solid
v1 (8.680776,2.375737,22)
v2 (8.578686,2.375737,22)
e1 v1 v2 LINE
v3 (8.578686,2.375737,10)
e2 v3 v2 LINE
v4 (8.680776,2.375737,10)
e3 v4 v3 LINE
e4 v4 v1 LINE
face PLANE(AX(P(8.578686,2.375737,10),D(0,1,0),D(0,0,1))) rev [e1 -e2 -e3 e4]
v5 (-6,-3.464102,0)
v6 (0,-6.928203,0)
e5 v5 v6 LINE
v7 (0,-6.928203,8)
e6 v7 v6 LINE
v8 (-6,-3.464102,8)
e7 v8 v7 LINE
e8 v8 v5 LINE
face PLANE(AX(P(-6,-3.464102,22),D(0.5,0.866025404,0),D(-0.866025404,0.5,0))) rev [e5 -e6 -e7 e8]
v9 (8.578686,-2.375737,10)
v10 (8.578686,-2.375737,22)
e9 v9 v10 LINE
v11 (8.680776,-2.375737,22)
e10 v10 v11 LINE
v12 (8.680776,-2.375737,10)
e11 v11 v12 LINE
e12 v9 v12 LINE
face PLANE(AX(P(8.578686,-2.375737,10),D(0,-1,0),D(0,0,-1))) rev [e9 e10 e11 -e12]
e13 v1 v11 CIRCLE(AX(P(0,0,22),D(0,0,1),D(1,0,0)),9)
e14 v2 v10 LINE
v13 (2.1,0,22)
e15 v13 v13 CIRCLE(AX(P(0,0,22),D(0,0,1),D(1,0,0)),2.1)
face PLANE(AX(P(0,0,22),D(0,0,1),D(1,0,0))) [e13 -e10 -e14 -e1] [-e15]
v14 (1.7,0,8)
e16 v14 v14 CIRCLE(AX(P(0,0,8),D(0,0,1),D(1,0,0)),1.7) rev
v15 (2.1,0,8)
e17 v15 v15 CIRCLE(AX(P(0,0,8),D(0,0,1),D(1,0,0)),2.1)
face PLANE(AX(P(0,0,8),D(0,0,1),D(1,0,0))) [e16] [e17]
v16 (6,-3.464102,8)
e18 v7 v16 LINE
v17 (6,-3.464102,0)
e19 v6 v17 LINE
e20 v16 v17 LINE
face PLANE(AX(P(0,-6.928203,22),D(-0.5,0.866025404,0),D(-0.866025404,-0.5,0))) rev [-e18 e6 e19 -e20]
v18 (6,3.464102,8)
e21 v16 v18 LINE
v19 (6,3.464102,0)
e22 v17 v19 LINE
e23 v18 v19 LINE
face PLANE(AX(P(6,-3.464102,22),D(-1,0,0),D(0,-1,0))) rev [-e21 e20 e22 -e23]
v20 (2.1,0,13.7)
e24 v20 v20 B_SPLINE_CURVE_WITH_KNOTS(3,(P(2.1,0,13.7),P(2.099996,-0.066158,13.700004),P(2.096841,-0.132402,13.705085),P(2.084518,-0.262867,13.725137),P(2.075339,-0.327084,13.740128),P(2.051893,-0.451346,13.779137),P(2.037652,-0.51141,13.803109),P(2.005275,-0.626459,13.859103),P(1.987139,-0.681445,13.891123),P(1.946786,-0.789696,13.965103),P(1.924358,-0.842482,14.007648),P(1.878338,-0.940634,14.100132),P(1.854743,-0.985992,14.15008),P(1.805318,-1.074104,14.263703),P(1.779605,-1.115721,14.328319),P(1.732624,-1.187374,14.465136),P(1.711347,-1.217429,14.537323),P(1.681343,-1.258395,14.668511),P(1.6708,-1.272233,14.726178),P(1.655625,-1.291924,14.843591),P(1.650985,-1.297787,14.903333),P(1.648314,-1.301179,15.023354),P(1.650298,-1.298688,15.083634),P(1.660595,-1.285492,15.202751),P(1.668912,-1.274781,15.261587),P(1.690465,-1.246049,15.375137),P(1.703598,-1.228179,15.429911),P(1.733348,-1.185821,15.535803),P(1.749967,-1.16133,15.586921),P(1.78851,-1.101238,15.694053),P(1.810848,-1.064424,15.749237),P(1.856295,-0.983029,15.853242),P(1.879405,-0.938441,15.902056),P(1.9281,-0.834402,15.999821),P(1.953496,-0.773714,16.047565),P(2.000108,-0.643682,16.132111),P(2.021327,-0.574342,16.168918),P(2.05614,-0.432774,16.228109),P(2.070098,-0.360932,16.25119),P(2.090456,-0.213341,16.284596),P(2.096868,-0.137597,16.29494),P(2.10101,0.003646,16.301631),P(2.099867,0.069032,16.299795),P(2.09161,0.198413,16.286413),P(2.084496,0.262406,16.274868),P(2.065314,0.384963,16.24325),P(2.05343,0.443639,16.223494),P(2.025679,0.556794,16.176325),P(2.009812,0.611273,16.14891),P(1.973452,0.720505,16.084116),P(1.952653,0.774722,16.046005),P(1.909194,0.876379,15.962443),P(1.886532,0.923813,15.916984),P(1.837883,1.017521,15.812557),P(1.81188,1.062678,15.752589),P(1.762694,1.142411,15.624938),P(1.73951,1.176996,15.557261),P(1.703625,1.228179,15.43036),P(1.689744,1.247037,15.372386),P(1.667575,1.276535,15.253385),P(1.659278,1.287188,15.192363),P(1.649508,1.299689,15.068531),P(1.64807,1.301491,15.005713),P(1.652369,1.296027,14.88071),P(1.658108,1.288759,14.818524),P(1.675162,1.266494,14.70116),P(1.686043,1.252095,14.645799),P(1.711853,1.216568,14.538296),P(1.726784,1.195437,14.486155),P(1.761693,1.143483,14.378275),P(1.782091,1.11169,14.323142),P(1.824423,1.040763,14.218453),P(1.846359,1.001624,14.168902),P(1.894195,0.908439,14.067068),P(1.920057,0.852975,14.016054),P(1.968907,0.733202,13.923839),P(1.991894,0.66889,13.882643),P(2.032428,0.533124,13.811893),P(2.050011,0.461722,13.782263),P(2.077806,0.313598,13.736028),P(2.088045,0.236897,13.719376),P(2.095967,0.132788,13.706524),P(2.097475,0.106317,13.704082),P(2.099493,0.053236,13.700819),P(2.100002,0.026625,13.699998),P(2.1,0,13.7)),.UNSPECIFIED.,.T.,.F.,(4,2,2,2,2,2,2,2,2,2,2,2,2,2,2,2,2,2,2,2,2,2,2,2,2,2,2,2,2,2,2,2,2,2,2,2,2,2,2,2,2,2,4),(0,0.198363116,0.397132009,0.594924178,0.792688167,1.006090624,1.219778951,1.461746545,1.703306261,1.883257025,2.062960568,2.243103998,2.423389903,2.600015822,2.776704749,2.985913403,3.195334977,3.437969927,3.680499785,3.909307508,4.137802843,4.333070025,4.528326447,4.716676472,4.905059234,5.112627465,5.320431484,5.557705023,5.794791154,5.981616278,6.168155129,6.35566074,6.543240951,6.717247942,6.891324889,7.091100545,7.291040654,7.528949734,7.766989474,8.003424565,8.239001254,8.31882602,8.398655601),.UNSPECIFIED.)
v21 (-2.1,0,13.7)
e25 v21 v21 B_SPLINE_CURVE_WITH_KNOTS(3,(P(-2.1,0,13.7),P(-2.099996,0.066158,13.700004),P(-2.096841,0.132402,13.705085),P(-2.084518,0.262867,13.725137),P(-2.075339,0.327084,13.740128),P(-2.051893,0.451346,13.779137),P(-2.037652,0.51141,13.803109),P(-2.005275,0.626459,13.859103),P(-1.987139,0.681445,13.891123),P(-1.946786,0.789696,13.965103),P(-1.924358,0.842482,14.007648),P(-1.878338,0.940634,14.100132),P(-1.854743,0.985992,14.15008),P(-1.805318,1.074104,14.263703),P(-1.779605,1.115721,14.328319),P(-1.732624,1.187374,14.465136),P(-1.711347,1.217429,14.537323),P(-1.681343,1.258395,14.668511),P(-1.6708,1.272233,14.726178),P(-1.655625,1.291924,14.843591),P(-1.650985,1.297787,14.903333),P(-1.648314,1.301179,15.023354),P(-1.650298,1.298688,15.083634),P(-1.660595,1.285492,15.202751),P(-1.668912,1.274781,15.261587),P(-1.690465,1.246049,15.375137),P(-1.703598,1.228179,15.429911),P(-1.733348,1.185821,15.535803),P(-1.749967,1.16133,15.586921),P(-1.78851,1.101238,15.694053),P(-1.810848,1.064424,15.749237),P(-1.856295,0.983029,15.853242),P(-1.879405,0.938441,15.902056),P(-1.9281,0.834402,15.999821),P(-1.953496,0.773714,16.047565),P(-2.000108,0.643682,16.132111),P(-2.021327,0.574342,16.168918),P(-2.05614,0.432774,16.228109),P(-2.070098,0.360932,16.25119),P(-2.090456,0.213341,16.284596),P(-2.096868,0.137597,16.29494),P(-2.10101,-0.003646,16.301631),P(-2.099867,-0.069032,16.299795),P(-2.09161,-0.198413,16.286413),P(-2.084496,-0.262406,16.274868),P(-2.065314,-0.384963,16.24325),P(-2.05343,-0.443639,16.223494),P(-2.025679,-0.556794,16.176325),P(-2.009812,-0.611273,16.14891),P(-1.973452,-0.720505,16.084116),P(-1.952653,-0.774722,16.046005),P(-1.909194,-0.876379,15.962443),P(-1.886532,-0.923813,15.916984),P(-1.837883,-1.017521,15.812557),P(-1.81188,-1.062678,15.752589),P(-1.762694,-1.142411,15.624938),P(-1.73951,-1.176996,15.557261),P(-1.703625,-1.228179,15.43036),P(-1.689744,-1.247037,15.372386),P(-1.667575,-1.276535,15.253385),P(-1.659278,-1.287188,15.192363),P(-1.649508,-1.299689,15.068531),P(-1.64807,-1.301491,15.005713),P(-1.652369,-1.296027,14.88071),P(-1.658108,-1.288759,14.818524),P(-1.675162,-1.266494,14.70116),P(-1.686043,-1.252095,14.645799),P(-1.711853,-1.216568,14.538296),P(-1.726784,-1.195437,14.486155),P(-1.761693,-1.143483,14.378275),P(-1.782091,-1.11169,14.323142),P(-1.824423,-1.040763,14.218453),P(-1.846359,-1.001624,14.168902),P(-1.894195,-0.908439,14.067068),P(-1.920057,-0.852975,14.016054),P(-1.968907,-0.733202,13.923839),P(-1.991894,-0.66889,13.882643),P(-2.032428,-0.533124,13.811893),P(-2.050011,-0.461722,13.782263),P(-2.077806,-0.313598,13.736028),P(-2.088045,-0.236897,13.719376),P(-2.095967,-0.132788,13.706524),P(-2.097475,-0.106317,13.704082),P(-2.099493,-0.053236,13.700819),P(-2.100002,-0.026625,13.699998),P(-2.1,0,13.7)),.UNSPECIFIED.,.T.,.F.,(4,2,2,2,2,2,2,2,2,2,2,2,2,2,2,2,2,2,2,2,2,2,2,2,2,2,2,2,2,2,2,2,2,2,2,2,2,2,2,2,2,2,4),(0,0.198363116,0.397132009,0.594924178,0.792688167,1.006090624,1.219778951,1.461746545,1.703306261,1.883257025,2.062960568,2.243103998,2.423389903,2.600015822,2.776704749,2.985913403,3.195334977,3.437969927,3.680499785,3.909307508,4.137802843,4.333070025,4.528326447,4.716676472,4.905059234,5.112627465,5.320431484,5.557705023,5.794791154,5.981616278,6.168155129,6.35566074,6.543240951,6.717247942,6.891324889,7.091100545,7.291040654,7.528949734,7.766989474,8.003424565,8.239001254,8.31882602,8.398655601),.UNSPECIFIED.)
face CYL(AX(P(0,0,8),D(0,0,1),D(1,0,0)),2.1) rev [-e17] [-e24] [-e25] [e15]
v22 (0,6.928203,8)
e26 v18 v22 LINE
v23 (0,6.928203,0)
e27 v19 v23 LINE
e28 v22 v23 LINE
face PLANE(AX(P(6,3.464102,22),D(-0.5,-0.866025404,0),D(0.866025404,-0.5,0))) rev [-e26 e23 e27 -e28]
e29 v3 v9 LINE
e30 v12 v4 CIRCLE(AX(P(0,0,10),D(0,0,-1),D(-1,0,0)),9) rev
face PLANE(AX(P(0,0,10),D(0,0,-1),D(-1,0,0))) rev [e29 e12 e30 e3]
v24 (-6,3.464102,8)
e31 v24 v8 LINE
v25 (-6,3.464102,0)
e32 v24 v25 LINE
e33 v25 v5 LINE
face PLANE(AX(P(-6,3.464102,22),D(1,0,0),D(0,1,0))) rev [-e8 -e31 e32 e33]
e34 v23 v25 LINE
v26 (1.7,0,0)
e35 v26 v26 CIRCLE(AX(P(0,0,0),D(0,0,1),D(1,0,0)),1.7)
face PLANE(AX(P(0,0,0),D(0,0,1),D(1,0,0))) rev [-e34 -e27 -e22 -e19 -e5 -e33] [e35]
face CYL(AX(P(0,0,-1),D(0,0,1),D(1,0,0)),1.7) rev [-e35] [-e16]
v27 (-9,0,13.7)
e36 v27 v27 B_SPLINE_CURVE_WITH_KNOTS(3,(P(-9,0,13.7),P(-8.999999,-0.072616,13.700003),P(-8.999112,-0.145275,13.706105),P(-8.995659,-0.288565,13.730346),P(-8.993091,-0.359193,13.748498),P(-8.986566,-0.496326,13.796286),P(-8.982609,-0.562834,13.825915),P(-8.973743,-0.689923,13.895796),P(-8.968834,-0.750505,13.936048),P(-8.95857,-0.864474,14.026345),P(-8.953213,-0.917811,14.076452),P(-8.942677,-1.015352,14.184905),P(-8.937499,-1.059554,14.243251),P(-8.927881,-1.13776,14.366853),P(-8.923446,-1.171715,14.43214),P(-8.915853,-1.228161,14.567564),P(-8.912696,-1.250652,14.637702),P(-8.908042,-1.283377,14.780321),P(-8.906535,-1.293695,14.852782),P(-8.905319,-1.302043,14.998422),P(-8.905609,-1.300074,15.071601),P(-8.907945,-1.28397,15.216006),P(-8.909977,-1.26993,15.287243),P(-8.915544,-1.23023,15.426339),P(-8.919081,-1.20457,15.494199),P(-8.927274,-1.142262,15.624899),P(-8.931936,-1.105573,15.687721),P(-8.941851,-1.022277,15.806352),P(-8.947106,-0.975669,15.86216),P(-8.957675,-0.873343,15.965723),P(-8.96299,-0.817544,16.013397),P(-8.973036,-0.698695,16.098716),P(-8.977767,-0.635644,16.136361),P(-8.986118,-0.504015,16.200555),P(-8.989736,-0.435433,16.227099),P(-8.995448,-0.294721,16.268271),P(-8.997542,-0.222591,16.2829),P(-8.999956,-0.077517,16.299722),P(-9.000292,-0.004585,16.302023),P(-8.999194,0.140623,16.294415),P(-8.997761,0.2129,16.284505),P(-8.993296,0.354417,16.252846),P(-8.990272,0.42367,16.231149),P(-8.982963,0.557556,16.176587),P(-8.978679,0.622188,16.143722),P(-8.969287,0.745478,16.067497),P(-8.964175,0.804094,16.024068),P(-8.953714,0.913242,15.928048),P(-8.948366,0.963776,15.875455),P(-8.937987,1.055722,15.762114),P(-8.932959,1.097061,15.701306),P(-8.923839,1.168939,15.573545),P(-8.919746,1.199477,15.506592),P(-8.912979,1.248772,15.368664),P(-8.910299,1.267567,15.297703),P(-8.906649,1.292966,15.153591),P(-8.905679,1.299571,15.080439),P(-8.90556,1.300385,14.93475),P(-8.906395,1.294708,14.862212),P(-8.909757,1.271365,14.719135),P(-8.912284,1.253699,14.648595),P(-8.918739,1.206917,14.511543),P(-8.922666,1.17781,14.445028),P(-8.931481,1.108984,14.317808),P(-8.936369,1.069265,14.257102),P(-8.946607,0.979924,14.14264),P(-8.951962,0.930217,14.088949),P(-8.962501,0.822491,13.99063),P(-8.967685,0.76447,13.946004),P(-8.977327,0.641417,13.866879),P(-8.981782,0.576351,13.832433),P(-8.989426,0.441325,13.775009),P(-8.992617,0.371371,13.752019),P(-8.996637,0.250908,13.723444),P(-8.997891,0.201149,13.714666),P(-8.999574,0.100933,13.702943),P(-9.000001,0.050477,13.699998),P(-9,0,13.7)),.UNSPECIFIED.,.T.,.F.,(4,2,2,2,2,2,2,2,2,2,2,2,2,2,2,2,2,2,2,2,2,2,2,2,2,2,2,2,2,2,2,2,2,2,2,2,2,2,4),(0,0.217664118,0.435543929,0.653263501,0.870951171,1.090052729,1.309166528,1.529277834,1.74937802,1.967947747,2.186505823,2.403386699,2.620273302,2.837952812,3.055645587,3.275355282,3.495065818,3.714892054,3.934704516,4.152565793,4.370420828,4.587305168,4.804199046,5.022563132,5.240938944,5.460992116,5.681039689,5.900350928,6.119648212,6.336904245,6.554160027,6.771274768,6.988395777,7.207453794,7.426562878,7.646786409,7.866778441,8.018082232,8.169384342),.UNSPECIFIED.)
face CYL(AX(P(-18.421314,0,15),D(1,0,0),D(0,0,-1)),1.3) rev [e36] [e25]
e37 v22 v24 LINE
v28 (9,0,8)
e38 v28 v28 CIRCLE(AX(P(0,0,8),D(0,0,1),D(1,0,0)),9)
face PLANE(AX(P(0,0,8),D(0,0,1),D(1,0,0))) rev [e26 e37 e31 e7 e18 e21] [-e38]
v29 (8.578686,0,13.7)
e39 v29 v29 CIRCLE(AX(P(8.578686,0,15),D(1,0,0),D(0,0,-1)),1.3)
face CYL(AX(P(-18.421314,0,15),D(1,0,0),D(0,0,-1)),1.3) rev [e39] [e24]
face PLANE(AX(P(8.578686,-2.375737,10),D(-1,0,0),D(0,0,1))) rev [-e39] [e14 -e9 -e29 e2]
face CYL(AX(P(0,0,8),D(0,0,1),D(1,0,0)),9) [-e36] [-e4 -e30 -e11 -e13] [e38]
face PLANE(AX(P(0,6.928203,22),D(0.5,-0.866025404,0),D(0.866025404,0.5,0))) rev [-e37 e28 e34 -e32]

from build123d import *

# Parameters (mm, degrees)
BOSS_EXTRU_1_DEPTH      = 22
ESQUISSE2_R             = 1.7
ENL_V_MAT_EXTRU_1_DEPTH = 23
ESQUISSE3_R             = 9
ESQUISSE3_R_2           = 1.3
BOSS_EXTRU_2_DEPTH      = 14
ESQUISSE4_W             = 0.84262724
ESQUISSE4_H             = 4.751474998
ENL_V_MAT_EXTRU_2_DEPTH = 12
ESQUISSE5_R             = 1.3
ENL_V_MAT_EXTRU_3_DEPTH = 27
ESQUISSE6_R             = 2.1
ENL_V_MAT_EXTRU_4_DEPTH = 14


with BuildPart() as part:
    # Esquisse1 → Boss.-Extru.1 (new body)
    with BuildSketch(Plane.XY):
        Polygon((6, 3.464101615), (0, 6.92820323), (-6, 3.464101615), (-6, -3.464101615), (0, -6.92820323), (6, -3.464101615), align=None)
    extrude(amount=BOSS_EXTRU_1_DEPTH)

    # Esquisse2 → Enlèv. mat.-Extru.1 (cut)
    with BuildSketch(Plane.XY.offset(22)):
        Circle(ESQUISSE2_R)
    extrude(amount=-ENL_V_MAT_EXTRU_1_DEPTH, mode=Mode.SUBTRACT)

    # Esquisse3 → Boss.-Extru.2 (add)
    with BuildSketch(Plane.XY.offset(22)):
        Circle(ESQUISSE3_R)
        Circle(ESQUISSE3_R_2, mode=Mode.SUBTRACT)
    extrude(amount=-BOSS_EXTRU_2_DEPTH)

    # Esquisse4 → Enlèv. mat.-Extru.2 (cut)
    with BuildSketch(Plane.XY.offset(22)):
        with Locations((9, 0)):
            Rectangle(ESQUISSE4_W, ESQUISSE4_H)
    extrude(amount=-ENL_V_MAT_EXTRU_2_DEPTH, mode=Mode.SUBTRACT)

    # Esquisse5 → Enlèv. mat.-Extru.3 (cut)
    with BuildSketch(Plane(origin=(8.57868638, 0, 0), x_dir=(0, 0, -1), z_dir=(1, 0, 0))):
        with Locations((-15, 0)):
            Circle(ESQUISSE5_R)
    extrude(amount=-ENL_V_MAT_EXTRU_3_DEPTH, mode=Mode.SUBTRACT)

    # Esquisse6 → Enlèv. mat.-Extru.4 (cut)
    with BuildSketch(Plane.XY.offset(22)):
        Circle(ESQUISSE6_R)
    extrude(amount=-ENL_V_MAT_EXTRU_4_DEPTH, mode=Mode.SUBTRACT)


solid = part.part
